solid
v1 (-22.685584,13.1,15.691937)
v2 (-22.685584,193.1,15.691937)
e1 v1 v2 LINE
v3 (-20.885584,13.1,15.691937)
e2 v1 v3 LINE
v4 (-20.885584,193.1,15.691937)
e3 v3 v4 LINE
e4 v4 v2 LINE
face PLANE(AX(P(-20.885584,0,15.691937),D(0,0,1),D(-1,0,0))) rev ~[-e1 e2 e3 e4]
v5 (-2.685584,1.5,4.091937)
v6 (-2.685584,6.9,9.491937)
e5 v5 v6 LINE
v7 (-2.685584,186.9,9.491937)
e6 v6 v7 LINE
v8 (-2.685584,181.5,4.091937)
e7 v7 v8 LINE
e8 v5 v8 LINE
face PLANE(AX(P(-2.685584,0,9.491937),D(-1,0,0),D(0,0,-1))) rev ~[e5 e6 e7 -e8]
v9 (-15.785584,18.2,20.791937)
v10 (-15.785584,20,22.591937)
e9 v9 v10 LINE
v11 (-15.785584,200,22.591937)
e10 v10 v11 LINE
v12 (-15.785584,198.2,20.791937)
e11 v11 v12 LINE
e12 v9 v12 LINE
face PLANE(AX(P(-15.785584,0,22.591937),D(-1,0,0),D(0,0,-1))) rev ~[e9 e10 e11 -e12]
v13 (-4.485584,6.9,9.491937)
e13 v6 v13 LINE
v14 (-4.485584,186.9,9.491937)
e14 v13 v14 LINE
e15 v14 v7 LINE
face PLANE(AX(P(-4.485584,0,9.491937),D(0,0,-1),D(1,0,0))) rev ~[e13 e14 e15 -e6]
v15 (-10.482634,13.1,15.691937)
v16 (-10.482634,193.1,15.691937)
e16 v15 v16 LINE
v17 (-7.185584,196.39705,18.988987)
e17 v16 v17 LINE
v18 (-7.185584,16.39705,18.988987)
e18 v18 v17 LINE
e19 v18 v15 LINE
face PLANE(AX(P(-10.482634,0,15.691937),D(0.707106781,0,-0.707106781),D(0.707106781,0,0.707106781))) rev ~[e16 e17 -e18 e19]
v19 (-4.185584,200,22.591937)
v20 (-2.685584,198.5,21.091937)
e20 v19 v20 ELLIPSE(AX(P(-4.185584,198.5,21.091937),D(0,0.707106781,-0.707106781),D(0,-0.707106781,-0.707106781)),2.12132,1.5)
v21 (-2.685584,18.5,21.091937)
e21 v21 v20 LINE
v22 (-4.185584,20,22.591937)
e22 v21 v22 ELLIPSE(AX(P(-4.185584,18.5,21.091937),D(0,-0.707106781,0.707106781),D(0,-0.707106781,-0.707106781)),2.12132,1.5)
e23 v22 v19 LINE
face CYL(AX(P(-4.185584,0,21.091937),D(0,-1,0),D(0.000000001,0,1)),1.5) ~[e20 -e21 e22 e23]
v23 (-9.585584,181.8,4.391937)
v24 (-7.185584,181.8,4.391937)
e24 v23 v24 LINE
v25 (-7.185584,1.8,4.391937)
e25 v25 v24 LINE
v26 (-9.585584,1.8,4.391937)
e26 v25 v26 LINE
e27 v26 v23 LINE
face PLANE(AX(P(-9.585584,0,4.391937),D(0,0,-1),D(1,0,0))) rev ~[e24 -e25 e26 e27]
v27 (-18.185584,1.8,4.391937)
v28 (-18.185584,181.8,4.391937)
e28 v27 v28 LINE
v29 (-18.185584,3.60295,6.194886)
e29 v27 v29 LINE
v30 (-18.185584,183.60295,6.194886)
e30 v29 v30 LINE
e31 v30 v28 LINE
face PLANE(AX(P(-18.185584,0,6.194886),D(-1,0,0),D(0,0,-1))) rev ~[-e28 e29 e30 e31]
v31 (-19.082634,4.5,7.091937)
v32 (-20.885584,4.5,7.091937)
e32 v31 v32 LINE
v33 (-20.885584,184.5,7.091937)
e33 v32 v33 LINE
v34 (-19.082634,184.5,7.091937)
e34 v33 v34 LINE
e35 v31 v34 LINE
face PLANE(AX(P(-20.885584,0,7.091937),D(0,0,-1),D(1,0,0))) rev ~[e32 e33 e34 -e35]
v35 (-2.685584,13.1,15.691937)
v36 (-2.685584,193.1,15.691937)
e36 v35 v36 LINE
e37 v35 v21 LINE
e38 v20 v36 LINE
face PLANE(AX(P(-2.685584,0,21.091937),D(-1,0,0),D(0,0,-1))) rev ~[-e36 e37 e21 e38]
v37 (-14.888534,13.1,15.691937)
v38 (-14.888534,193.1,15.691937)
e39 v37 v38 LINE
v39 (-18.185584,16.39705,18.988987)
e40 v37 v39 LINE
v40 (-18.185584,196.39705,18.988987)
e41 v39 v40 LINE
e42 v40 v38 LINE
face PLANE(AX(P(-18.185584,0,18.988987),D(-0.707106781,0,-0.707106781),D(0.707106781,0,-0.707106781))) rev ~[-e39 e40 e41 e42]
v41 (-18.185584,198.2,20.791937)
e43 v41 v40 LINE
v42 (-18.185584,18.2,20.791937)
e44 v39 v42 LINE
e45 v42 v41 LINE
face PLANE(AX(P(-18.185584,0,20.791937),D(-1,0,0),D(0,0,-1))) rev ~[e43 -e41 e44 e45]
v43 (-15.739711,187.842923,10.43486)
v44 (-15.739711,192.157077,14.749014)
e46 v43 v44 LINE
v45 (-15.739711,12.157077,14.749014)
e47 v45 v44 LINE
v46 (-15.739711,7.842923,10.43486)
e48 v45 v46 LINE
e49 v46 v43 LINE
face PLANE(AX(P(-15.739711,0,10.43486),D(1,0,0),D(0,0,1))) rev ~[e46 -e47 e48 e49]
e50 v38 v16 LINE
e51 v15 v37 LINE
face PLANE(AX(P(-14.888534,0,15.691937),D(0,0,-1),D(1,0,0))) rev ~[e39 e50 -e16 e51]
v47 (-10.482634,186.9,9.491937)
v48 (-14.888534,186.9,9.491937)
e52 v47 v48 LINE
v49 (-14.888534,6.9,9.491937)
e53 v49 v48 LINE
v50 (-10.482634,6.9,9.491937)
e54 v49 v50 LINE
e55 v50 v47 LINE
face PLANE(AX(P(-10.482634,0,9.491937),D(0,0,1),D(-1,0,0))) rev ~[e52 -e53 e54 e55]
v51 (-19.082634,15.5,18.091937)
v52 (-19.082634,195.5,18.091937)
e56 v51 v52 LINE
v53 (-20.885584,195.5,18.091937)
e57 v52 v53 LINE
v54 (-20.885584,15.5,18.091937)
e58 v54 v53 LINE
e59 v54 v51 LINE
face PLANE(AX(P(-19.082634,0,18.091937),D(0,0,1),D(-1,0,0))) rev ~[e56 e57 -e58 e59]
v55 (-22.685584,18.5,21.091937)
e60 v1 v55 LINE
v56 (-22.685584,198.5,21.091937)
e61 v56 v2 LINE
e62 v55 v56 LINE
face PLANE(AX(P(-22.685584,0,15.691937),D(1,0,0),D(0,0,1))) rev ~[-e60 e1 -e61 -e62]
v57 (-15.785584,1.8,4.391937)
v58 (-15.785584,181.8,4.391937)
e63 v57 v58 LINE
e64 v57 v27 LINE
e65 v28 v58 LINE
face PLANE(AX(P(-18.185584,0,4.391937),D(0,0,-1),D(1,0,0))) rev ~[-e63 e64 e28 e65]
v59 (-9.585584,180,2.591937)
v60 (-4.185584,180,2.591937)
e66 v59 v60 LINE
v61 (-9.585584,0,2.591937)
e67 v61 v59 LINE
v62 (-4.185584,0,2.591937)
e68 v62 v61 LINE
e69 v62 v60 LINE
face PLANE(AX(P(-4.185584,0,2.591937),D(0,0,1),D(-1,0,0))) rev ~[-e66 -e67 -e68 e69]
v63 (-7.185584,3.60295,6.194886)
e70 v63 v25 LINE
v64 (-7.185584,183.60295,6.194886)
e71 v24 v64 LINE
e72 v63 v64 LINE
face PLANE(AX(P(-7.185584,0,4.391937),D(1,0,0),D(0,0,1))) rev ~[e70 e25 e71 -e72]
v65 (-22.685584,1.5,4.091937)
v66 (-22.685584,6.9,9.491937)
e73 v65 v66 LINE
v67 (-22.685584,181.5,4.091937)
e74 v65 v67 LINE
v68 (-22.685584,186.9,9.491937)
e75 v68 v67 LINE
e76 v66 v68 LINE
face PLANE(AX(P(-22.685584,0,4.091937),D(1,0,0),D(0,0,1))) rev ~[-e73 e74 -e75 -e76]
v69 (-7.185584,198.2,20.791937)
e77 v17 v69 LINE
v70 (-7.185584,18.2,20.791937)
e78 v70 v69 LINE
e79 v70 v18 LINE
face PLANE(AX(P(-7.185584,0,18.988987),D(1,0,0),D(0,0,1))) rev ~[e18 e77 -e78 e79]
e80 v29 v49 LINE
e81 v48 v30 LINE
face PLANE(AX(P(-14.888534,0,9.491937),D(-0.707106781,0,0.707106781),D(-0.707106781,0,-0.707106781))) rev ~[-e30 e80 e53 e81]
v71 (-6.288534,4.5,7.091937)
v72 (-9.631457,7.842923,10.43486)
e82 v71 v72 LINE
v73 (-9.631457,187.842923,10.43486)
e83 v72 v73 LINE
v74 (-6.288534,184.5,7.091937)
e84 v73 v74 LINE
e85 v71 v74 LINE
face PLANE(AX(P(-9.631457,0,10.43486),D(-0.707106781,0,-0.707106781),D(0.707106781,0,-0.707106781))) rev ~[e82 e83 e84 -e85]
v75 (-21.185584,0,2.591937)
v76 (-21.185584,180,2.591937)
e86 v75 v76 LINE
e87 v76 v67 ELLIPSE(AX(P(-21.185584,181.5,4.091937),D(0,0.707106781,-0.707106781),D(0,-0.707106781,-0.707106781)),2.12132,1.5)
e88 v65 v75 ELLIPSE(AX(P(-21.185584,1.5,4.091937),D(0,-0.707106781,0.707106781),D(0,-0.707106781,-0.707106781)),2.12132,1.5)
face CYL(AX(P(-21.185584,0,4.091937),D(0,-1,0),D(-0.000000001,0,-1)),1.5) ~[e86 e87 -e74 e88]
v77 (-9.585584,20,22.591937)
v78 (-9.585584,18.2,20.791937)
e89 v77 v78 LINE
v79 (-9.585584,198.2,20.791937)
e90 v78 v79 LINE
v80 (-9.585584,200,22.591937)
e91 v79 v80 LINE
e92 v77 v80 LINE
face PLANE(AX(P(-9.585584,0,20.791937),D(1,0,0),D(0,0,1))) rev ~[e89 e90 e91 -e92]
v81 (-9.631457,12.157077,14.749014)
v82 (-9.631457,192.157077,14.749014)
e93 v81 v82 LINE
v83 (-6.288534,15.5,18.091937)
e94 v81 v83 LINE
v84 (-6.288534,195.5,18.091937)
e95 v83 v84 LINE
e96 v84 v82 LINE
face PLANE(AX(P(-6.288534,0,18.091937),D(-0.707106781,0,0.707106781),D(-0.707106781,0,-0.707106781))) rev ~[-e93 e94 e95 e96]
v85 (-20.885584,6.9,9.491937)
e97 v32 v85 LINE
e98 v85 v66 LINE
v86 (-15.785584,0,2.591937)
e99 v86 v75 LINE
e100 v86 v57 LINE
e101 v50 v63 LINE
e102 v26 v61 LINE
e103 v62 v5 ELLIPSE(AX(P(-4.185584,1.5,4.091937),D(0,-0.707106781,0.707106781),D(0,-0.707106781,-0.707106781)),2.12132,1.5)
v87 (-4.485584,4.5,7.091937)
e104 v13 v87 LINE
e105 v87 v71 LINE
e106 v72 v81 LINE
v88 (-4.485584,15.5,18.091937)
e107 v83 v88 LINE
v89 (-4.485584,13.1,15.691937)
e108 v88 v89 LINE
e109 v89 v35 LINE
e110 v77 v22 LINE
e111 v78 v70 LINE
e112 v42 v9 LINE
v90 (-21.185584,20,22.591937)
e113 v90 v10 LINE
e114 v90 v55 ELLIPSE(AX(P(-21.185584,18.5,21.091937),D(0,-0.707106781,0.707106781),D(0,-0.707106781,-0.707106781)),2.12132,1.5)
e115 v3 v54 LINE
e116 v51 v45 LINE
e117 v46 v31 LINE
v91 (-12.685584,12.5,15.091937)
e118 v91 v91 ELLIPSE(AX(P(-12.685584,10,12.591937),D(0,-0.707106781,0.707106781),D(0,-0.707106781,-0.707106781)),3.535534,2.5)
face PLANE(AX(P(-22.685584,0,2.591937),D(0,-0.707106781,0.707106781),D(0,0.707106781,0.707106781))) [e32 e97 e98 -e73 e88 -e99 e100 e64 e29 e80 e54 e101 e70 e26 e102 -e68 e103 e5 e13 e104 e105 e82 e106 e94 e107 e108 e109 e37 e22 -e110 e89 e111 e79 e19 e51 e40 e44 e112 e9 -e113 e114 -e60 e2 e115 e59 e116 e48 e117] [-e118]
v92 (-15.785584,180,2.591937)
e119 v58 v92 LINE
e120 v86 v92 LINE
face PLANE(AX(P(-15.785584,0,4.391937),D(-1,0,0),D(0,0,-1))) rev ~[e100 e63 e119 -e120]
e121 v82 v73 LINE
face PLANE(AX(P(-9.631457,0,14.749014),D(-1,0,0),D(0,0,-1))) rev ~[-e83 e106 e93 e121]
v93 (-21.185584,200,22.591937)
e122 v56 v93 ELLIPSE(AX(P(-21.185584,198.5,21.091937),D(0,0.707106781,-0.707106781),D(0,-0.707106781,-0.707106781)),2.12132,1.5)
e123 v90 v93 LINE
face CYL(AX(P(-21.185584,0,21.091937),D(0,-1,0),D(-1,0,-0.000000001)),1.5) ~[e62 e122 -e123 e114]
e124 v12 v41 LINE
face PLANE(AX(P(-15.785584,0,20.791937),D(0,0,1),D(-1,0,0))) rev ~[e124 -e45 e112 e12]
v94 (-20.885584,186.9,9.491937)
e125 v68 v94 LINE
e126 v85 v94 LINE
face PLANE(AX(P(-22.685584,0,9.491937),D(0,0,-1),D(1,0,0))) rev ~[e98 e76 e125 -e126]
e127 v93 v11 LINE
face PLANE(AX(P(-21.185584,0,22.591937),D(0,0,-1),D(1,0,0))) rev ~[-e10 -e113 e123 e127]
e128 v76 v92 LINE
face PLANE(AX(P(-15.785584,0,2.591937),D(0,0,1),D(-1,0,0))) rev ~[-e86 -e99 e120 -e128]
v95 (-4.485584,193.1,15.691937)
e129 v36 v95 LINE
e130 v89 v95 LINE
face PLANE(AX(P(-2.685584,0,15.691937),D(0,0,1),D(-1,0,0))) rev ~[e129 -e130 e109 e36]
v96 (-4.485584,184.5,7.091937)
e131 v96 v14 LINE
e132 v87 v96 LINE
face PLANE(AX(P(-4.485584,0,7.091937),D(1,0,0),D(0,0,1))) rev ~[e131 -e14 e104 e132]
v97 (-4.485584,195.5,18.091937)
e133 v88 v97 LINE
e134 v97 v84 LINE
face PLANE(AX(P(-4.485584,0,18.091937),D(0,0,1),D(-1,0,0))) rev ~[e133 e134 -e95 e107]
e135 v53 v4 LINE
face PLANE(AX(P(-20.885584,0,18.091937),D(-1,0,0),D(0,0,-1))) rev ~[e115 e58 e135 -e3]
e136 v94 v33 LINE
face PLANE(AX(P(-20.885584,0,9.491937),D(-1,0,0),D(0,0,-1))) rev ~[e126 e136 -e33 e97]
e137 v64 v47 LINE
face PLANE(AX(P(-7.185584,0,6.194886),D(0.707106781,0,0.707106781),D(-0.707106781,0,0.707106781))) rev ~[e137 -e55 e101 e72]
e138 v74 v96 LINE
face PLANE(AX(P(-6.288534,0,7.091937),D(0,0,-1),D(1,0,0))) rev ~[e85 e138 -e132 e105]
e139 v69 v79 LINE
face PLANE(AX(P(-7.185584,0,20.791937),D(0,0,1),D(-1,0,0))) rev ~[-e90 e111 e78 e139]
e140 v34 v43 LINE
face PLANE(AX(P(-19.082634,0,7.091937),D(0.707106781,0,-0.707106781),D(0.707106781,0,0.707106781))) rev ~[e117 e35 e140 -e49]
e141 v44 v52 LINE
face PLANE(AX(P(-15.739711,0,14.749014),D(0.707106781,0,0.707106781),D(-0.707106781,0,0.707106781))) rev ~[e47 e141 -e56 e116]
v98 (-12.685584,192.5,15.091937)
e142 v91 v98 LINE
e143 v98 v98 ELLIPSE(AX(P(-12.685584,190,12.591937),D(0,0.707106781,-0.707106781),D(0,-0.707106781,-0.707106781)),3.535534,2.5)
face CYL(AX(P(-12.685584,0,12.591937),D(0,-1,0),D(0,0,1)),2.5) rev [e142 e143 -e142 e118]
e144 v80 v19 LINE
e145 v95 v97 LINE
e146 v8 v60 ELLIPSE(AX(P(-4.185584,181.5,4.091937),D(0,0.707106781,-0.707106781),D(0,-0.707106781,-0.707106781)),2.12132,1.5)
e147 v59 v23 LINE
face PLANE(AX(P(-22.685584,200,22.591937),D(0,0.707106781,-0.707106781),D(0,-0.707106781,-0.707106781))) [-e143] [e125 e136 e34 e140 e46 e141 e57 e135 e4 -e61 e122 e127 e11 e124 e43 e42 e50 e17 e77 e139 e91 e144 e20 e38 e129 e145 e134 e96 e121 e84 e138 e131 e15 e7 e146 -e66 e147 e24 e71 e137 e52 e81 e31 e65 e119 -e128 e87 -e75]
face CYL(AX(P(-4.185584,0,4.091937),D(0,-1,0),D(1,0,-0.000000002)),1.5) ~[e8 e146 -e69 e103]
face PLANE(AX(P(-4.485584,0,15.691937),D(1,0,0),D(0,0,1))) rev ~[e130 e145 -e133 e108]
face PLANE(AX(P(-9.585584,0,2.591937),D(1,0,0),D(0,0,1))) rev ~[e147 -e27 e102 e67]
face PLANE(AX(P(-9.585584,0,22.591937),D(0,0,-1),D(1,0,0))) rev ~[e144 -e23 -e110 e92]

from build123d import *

# Parameters (mm, degrees)
SKETCH_1_R          = 2.5
EXTRUDE_1_DEPTH     = 200
CUT_EXTRUDE_6_DEPTH = 90
CUT_EXTRUDE_7_DEPTH = 203.263183999


with BuildPart() as part:
    # 草图1 → 凸台-拉伸1 (new body)
    with BuildSketch(Plane(origin=(0, 0, 0), x_dir=(1, 0, 0), z_dir=(0, 1, 0))):
        with BuildLine():
            Line((-20.885583918, -15.691936644), (-22.685583918, -15.691936644))
            Line((-22.685583918, -15.691936644), (-22.685583918, -21.091936644))
            ThreePointArc((-22.685583918, -21.091936644), (-22.24624409, -22.152596816), (-21.185583918, -22.591936644))
            Line((-21.185583918, -22.591936644), (-15.785583918, -22.591936644))
            Line((-15.785583918, -22.591936644), (-15.785583918, -20.791936644))
            Line((-15.785583918, -20.791936644), (-18.185583918, -20.791936644))
            Line((-18.185583918, -20.791936644), (-18.185583918, -18.988986799))
            Line((-18.185583918, -18.988986799), (-14.888533763, -15.691936644))
            Line((-14.888533763, -15.691936644), (-10.482634073, -15.691936644))
            Line((-10.482634073, -15.691936644), (-7.185583918, -18.988986799))
            Line((-7.185583918, -18.988986799), (-7.185583918, -20.791936644))
            Line((-7.185583918, -20.791936644), (-9.585583918, -20.791936644))
            Line((-9.585583918, -20.791936644), (-9.585583918, -22.591936644))
            Line((-9.585583918, -22.591936644), (-4.185583918, -22.591936644))
            ThreePointArc((-4.185583918, -22.591936644), (-3.124923747, -22.152596816), (-2.685583918, -21.091936644))
            Line((-2.685583918, -21.091936644), (-2.685583918, -15.691936644))
            Line((-2.685583918, -15.691936644), (-4.485583918, -15.691936644))
            Line((-4.485583918, -15.691936644), (-4.485583918, -18.091936644))
            Line((-4.485583918, -18.091936644), (-6.288533763, -18.091936644))
            Line((-6.288533763, -18.091936644), (-9.631456898, -14.749013509))
            Line((-9.631456898, -14.749013509), (-9.631456898, -10.434859779))
            Line((-9.631456898, -10.434859779), (-6.288533763, -7.091936644))
            Line((-6.288533763, -7.091936644), (-4.485583918, -7.091936644))
            Line((-4.485583918, -7.091936644), (-4.485583918, -9.491936644))
            Line((-4.485583918, -9.491936644), (-2.685583918, -9.491936644))
            Line((-2.685583918, -9.491936644), (-2.685583918, -4.091936644))
            ThreePointArc((-2.685583918, -4.091936644), (-3.124923747, -3.031276473), (-4.185583918, -2.591936644))
            Line((-4.185583918, -2.591936644), (-9.585583918, -2.591936644))
            Line((-9.585583918, -2.591936644), (-9.585583918, -4.391936644))
            Line((-9.585583918, -4.391936644), (-7.185583918, -4.391936644))
            Line((-7.185583918, -4.391936644), (-7.185583918, -6.194886489))
            Line((-7.185583918, -6.194886489), (-10.482634073, -9.491936644))
            Line((-10.482634073, -9.491936644), (-14.888533763, -9.491936644))
            Line((-14.888533763, -9.491936644), (-18.185583918, -6.194886489))
            Line((-18.185583918, -6.194886489), (-18.185583918, -4.391936644))
            Line((-18.185583918, -4.391936644), (-15.785583918, -4.391936644))
            Line((-15.785583918, -4.391936644), (-15.785583918, -2.591936644))
            Line((-15.785583918, -2.591936644), (-21.185583918, -2.591936644))
            ThreePointArc((-21.185583918, -2.591936644), (-22.24624409, -3.031276473), (-22.685583918, -4.091936644))
            Line((-22.685583918, -4.091936644), (-22.685583918, -9.491936644))
            Line((-22.685583918, -9.491936644), (-20.885583918, -9.491936644))
            Line((-20.885583918, -9.491936644), (-20.885583918, -7.091936644))
            Line((-20.885583918, -7.091936644), (-19.082634073, -7.091936644))
            Line((-19.082634073, -7.091936644), (-15.739710939, -10.434859779))
            Line((-15.739710939, -10.434859779), (-15.739710939, -14.749013509))
            Line((-15.739710939, -14.749013509), (-19.082634073, -18.091936644))
            Line((-19.082634073, -18.091936644), (-20.885583918, -18.091936644))
            Line((-20.885583918, -18.091936644), (-20.885583918, -15.691936644))
        make_face()
        with Locations(Location((-12.685583918, -12.591936644, 0), (0, 0, 270))):
            Circle(SKETCH_1_R, mode=Mode.SUBTRACT)
    extrude(amount=EXTRUDE_1_DEPTH)

    # 草图4 → 切除-拉伸6 (cut)
    with BuildSketch(Plane.ZY.offset(22.685583918)):
        Polygon((22.591936644, 200), (2.591936644, 180), (2.591936644, 200), align=None)
    extrude(amount=-CUT_EXTRUDE_6_DEPTH, mode=Mode.SUBTRACT)

    # 草图5 → 切除-拉伸7 (cut, through all)
    with BuildSketch(Plane.ZY.offset(22.685583918)):
        Polygon((2.591936644, 0), (22.591936644, 20), (22.591936644, 0), align=None)
    extrude(amount=-CUT_EXTRUDE_7_DEPTH, mode=Mode.SUBTRACT)


solid = part.part
